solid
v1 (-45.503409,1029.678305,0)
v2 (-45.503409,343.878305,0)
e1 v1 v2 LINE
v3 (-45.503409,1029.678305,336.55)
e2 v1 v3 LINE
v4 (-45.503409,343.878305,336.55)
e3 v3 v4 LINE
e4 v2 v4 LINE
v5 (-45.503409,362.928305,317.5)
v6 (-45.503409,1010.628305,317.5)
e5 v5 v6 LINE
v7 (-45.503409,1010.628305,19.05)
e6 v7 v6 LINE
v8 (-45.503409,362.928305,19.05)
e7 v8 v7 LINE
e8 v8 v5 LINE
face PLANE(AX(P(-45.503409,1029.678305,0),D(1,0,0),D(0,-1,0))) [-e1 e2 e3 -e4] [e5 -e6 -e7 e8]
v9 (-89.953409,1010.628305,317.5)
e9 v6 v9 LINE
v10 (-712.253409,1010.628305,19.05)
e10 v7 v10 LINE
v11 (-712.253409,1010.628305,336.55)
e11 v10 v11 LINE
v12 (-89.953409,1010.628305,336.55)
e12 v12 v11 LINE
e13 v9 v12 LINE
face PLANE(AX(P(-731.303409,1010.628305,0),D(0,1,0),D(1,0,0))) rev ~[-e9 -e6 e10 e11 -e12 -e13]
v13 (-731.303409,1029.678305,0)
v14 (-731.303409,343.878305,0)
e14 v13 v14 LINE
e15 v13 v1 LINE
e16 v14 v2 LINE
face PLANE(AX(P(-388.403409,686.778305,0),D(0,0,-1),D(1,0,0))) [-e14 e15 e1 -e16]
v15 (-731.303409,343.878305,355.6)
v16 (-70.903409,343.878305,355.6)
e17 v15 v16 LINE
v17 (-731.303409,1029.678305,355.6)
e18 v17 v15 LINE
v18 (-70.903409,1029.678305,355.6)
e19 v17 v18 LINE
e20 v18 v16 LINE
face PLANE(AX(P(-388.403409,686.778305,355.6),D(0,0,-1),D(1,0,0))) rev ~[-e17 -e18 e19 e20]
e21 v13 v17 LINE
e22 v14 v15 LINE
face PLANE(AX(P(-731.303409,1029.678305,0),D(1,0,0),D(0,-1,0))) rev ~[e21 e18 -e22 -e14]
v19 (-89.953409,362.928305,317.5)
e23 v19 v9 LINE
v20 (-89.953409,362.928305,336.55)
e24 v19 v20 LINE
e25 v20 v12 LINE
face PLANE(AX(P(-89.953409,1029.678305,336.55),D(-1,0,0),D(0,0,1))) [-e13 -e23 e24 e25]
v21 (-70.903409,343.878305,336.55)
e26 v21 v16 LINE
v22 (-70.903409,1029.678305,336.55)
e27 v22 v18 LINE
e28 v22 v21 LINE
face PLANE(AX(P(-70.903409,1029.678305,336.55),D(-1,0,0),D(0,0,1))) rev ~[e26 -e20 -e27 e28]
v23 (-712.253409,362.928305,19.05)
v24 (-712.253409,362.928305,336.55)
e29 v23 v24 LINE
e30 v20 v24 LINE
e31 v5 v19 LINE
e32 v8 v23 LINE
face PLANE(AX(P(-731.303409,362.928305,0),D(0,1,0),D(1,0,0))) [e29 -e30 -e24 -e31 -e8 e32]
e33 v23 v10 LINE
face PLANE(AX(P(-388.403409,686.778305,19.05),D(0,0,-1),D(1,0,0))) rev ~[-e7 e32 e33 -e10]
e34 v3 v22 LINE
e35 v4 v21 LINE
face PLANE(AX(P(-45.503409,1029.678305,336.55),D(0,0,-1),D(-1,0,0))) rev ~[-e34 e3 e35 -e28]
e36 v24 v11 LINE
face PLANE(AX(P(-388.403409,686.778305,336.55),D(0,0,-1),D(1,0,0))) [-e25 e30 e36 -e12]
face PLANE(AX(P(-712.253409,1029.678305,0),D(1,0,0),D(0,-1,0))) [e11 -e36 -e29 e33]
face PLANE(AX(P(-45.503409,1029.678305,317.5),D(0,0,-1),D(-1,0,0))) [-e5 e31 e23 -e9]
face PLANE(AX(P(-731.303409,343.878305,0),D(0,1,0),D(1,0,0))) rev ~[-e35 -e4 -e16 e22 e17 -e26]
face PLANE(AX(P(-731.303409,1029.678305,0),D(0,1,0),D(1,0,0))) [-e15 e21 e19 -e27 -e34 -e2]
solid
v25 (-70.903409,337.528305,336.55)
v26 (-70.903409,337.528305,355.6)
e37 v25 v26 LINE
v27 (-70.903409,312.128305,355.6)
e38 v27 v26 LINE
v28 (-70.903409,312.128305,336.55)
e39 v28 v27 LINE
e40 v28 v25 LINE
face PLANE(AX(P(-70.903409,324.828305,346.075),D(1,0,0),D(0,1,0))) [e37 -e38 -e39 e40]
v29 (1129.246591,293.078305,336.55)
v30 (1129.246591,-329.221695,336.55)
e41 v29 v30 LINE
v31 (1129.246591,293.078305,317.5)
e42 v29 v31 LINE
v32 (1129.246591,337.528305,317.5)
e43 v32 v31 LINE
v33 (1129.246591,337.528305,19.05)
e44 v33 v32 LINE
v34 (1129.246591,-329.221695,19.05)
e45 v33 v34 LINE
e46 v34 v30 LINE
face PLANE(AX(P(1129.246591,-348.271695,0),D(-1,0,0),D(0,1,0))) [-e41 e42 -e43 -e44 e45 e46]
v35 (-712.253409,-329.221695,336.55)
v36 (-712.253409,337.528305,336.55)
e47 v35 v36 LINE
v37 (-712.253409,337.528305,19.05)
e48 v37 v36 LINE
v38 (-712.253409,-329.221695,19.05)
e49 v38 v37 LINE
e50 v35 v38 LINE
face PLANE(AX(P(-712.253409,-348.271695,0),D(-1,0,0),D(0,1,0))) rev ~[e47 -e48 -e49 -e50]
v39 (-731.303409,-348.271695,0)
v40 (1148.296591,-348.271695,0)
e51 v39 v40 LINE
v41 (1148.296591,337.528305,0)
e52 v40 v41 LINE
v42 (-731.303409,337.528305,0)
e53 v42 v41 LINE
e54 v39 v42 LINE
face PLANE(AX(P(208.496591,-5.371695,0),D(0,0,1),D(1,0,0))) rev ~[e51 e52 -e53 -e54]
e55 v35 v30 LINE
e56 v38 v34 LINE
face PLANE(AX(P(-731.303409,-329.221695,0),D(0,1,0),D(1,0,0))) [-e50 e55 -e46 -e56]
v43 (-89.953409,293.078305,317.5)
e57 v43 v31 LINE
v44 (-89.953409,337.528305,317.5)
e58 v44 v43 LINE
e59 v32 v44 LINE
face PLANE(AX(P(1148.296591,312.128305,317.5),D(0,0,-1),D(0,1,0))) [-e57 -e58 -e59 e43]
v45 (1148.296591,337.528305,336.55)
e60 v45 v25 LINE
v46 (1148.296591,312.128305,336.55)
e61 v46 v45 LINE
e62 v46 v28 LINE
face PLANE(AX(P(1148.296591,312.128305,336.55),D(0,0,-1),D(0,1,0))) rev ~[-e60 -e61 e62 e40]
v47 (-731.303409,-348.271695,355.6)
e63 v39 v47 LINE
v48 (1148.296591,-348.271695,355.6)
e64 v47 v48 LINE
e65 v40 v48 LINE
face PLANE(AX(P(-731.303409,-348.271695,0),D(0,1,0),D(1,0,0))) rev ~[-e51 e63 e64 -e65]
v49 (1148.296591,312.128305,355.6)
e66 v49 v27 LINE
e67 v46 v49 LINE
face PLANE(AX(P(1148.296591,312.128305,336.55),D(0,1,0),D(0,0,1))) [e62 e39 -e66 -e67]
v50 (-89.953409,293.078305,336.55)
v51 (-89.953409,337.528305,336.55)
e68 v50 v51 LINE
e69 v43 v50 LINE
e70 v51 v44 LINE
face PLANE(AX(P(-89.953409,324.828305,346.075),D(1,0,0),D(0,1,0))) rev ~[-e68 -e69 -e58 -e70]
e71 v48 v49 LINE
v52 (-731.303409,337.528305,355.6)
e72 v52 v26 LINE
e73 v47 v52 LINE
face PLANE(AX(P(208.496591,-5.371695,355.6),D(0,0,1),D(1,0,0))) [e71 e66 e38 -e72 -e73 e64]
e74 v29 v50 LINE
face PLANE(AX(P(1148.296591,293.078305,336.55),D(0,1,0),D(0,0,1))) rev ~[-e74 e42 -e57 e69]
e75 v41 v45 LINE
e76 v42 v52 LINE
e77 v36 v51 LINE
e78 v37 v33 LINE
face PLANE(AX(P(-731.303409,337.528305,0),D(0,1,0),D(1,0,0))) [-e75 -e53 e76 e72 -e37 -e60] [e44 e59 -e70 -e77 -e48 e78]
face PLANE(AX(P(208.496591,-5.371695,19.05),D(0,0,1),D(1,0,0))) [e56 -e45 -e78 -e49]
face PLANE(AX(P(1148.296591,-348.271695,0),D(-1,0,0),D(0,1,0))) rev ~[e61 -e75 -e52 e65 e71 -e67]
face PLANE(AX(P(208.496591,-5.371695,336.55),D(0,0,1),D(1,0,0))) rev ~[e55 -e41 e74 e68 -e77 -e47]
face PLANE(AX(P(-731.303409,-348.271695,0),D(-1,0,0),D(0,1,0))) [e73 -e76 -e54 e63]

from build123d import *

# Parameters (mm, degrees)
F0_W     = 1879.6
F0_H     = 685.8
F1_DEPTH = 355.6
F2_W     = 25.4
F2_H     = 19.05
F3_DEPTH = 1219.2
F4_T     = -19.05
F5_W     = 685.8
F5_H     = 685.8
F6_DEPTH = 355.6
F7_W     = 25.4
F7_H     = 19.05
F8_DEPTH = 685.8
F9_T     = -19.05


with BuildPart() as f1:
    # F0 (on Top) → F1 (new body)
    with BuildSketch(Plane.XY):
        with Locations((208.4965914682, -5.3716953844)):
            Rectangle(F0_W, F0_H)
    extrude(amount=F1_DEPTH)

    # F2 (on face) → F3 (cut)
    with BuildSketch(Plane.YZ.offset(1148.2965914682)):
        with Locations((324.8283046156, 346.075)):
            Rectangle(F2_W, F2_H)
    extrude(amount=-F3_DEPTH, mode=Mode.SUBTRACT)

    # F4
    f4_openings = [f1.faces().sort_by_distance(p)[0] for p in [
        (196.609391, 337.528305, 171.7421),
    ]]
    offset(amount=F4_T, openings=f4_openings, kind=Kind.INTERSECTION)


with BuildPart() as f6:
    # F5 (on face) → F6 (new body)
    with BuildSketch(Plane(origin=(0, 0, 0), x_dir=(1, 0, 0), z_dir=(0, 0, -1))):
        with Locations((-388.4034085318, -686.7783046156)):
            Rectangle(F5_W, F5_H)
    extrude(amount=-F6_DEPTH)

    # F7 (on face) → F8 (cut, through all)
    with BuildSketch(Plane(origin=(0, 1029.6783046156, 0), x_dir=(-1, 0, 0), z_dir=(0, 1, 0))):
        with Locations((58.2034085318, 346.075)):
            Rectangle(F7_W, F7_H)
    extrude(amount=-F8_DEPTH, mode=Mode.SUBTRACT)

    # F9
    f9_openings = [f6.faces().sort_by_distance(p)[0] for p in [
        (-45.503409, 686.778305, 168.275),
    ]]
    offset(amount=F9_T, openings=f9_openings, kind=Kind.INTERSECTION)


solid = Compound([f1.part, f6.part])
